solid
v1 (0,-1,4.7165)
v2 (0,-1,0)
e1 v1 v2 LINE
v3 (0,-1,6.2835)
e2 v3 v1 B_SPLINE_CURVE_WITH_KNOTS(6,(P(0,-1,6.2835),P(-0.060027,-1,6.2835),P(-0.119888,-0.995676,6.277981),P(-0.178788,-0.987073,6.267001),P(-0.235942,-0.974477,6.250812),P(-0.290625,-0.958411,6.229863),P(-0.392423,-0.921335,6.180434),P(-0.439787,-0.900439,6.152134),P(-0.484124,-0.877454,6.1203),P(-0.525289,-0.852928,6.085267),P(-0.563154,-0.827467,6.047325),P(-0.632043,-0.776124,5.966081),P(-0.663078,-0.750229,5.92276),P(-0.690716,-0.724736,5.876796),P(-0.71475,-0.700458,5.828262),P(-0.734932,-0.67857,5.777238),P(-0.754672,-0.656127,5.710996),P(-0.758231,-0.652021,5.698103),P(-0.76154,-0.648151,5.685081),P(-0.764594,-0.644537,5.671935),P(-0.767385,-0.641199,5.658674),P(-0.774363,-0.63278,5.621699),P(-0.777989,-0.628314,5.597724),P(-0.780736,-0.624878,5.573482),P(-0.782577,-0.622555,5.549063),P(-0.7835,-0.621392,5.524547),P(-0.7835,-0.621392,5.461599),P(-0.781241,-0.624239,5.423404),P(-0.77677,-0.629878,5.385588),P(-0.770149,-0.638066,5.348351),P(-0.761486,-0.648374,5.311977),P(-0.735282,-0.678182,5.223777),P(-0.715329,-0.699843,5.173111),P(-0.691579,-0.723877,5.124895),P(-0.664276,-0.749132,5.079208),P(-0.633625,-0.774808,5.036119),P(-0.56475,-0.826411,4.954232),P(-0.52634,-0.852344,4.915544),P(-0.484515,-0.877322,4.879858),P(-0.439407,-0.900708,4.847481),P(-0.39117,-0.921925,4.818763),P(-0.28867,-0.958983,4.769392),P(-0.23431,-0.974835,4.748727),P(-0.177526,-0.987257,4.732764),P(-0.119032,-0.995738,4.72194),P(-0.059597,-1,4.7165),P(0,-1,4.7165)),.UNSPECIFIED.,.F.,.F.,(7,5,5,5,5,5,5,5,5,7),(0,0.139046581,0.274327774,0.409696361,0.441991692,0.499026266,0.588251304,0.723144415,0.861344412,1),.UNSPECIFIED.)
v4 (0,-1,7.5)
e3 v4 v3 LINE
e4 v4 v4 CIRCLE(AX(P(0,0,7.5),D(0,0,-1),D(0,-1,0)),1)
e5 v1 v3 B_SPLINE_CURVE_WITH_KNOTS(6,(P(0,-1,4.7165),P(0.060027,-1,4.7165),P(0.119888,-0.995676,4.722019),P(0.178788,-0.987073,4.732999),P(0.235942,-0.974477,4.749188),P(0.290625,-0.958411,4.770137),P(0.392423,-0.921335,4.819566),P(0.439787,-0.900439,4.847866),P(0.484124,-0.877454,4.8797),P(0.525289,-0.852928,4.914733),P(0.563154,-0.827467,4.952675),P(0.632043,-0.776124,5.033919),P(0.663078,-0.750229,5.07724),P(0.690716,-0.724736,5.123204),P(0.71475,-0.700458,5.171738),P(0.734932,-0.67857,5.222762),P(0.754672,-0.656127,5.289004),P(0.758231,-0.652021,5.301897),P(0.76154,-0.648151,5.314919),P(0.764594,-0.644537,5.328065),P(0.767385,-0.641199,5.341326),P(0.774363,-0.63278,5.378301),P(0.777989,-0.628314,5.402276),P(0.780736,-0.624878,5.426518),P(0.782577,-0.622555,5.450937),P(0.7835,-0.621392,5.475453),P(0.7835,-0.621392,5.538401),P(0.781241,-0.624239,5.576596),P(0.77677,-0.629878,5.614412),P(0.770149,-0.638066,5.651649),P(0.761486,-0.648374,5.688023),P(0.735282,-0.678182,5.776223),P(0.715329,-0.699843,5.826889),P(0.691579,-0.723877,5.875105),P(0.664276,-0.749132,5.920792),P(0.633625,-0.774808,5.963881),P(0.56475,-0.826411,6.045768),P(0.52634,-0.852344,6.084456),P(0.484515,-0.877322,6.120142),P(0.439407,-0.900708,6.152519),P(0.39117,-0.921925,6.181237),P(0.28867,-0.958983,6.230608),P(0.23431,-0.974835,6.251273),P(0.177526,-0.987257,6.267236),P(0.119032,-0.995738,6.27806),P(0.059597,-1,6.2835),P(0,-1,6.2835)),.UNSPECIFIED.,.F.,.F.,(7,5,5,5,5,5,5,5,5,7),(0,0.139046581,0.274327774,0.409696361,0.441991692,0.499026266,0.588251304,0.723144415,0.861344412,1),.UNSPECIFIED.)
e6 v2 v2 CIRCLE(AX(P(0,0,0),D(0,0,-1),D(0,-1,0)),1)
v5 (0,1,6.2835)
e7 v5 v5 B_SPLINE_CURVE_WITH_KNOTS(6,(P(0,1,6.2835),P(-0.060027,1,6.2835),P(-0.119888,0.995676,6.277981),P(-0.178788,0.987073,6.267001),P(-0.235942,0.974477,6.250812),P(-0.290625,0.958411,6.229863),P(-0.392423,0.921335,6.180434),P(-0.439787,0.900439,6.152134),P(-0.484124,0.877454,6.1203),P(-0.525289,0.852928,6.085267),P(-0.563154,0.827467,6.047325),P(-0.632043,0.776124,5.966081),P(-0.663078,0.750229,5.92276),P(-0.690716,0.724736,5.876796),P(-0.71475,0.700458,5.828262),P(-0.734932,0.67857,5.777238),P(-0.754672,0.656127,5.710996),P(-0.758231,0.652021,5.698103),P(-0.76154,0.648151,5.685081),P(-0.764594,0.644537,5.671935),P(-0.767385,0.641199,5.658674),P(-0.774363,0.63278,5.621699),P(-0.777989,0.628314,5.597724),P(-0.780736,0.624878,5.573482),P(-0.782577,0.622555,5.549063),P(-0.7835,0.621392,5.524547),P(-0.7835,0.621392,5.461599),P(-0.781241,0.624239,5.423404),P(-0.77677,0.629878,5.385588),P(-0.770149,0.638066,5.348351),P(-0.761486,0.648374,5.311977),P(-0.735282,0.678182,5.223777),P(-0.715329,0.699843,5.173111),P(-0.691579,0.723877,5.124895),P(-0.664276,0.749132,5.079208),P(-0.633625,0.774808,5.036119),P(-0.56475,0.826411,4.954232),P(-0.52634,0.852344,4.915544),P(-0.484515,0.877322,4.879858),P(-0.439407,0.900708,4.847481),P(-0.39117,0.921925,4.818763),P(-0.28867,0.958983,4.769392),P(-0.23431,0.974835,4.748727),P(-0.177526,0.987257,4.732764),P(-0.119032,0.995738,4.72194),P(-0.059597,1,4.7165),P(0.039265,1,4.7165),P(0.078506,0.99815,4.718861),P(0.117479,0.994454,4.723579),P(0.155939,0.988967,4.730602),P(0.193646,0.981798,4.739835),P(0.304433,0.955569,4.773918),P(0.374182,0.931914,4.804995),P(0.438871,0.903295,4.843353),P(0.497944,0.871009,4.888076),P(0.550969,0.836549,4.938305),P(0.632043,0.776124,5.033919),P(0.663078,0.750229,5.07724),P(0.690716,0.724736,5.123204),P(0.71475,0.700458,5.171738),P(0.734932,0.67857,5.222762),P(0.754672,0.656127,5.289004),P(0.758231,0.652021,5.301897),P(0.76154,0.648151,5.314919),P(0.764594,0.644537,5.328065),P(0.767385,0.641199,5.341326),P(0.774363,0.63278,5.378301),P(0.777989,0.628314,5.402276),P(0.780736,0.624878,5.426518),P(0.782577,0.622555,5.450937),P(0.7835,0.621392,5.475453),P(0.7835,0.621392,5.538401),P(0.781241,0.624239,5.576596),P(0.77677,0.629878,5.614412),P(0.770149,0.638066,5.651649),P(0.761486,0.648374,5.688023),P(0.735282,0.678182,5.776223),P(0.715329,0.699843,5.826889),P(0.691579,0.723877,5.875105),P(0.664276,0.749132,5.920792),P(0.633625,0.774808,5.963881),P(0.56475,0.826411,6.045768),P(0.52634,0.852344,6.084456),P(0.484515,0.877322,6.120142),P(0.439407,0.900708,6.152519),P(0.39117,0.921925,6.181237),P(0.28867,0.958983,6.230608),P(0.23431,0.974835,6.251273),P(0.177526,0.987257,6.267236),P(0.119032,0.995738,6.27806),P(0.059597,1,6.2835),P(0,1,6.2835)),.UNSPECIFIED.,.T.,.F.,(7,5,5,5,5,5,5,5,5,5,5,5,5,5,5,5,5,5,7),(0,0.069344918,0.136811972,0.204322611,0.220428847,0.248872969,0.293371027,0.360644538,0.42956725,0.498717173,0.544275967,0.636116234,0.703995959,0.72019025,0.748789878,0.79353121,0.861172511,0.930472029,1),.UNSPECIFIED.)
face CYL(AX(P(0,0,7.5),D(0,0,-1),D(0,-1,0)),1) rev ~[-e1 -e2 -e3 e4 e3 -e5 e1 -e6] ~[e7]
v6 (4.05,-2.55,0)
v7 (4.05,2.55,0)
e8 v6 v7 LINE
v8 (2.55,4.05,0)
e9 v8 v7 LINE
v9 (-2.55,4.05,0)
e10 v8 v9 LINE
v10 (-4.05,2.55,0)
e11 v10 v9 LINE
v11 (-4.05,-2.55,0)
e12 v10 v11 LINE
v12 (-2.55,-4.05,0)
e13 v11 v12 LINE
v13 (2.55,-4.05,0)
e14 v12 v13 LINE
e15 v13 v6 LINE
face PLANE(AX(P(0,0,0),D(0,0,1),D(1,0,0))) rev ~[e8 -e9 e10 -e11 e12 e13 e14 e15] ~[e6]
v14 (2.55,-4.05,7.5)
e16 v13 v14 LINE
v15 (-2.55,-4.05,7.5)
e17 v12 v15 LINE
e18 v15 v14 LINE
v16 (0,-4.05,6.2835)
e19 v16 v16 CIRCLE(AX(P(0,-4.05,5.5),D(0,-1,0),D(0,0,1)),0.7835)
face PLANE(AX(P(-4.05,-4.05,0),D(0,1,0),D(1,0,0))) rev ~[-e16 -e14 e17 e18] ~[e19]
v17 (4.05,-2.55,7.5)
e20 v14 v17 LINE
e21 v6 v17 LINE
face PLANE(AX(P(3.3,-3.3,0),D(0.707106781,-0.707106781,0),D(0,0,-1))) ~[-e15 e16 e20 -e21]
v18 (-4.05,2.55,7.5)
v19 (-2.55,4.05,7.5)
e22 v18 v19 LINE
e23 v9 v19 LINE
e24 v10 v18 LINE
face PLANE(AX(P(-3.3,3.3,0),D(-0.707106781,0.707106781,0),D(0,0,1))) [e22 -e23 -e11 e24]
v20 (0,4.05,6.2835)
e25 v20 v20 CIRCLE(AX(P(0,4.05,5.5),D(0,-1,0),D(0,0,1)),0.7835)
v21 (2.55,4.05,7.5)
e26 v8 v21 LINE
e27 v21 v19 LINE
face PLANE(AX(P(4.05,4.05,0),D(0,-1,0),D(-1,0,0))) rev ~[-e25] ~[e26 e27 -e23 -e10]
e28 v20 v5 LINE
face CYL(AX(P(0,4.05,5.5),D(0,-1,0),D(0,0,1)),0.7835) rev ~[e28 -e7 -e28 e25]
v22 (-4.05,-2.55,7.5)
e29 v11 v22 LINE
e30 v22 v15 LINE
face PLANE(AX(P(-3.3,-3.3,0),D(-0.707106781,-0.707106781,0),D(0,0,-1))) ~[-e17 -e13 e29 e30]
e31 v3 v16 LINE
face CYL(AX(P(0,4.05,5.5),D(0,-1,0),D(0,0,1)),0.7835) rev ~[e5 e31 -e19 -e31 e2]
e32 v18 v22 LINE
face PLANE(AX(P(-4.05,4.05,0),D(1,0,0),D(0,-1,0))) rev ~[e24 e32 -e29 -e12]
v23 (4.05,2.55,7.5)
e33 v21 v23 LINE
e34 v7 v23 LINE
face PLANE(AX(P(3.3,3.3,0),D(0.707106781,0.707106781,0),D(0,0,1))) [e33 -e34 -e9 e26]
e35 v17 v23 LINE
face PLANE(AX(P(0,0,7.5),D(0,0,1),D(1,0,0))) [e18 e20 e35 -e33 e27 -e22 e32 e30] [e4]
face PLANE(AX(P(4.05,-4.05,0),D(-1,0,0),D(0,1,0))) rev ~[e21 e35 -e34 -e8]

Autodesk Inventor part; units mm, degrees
ref_plane "YZ Plane" through (0, 0, 0) normal (1, 0, 0) x (0, 1, 0)
ref_plane "XZ Plane" through (0, 0, 0) normal (0, 1, 0) x (-1, 0, 0)
ref_plane "XY Plane" through (0, 0, 0) normal (0, 0, 1) x (1, 0, 0)
sketch "Skizze1" plane through (0, 0, 0) normal (0, 0, 1) x (1, 0, 0)
  line L0 (-4.05, -4.05) -> (4.05, -4.05)
  line L1 (4.05, -4.05) -> (4.05, 4.05)
  line L2 (4.05, 4.05) -> (-4.05, 4.05)
  line L3 (-4.05, 4.05) -> (-4.05, -4.05)
  line L4 (-4.05, -4.05) -> (4.05, 4.05) construction
  line L5 (4.05, -4.05) -> (-4.05, 4.05) construction
  point P0 (0, 0)
  dimension "d0" = 8.1
extrude "Extrusion1" add sketch "Skizze1" along normal blind 7.5
sketch "Skizze3" plane through (0, 0, 7.5) normal (0, 0, 1) x (1, 0, 0)
  point P0 (0, 0)
  point P1 (0, 0)
hole "Bohrung1" at (0, 0, 7.5) direction (0, 0, -1) diameter 2 end through all
sketch "Skizze4" plane through (-4.05, 4.05, 0) normal (0, 1, 0) x (1, 0, 0)
  line L0 (8.1, 0) -> (0, 0) construction
  line L1 (0, 0) -> (0, -7.5) construction
  line L2 (8.1, -7.5) -> (0, -7.5) construction
  line L3 (8.1, 0) -> (8.1, -7.5) construction
  line L4 (8.1, -7.5) -> (0, -7.5) projected
  line L5 (4.05, -7.5) -> (4.05, 0) construction
  point P0 (4.05, -5.5)
  dimension "d11" = 2
hole "Bohrung2" at (0, 4.05, 5.5) direction (0, -1, 0) diameter 1.567 end through all thread size "M2x0.4" class "6H" standard "ISO Metric profile"
chamfer "Fase1" distance 1.5 angle 45 4 edges at (-4.05, 4.05, 3.75) (4.05, 4.05, 3.75) (-4.05, -4.05, 3.75) (4.05, -4.05, 3.75)
properties part number "Drehmomentuebertraeger_V4_1" material "Aluminium 6061"
